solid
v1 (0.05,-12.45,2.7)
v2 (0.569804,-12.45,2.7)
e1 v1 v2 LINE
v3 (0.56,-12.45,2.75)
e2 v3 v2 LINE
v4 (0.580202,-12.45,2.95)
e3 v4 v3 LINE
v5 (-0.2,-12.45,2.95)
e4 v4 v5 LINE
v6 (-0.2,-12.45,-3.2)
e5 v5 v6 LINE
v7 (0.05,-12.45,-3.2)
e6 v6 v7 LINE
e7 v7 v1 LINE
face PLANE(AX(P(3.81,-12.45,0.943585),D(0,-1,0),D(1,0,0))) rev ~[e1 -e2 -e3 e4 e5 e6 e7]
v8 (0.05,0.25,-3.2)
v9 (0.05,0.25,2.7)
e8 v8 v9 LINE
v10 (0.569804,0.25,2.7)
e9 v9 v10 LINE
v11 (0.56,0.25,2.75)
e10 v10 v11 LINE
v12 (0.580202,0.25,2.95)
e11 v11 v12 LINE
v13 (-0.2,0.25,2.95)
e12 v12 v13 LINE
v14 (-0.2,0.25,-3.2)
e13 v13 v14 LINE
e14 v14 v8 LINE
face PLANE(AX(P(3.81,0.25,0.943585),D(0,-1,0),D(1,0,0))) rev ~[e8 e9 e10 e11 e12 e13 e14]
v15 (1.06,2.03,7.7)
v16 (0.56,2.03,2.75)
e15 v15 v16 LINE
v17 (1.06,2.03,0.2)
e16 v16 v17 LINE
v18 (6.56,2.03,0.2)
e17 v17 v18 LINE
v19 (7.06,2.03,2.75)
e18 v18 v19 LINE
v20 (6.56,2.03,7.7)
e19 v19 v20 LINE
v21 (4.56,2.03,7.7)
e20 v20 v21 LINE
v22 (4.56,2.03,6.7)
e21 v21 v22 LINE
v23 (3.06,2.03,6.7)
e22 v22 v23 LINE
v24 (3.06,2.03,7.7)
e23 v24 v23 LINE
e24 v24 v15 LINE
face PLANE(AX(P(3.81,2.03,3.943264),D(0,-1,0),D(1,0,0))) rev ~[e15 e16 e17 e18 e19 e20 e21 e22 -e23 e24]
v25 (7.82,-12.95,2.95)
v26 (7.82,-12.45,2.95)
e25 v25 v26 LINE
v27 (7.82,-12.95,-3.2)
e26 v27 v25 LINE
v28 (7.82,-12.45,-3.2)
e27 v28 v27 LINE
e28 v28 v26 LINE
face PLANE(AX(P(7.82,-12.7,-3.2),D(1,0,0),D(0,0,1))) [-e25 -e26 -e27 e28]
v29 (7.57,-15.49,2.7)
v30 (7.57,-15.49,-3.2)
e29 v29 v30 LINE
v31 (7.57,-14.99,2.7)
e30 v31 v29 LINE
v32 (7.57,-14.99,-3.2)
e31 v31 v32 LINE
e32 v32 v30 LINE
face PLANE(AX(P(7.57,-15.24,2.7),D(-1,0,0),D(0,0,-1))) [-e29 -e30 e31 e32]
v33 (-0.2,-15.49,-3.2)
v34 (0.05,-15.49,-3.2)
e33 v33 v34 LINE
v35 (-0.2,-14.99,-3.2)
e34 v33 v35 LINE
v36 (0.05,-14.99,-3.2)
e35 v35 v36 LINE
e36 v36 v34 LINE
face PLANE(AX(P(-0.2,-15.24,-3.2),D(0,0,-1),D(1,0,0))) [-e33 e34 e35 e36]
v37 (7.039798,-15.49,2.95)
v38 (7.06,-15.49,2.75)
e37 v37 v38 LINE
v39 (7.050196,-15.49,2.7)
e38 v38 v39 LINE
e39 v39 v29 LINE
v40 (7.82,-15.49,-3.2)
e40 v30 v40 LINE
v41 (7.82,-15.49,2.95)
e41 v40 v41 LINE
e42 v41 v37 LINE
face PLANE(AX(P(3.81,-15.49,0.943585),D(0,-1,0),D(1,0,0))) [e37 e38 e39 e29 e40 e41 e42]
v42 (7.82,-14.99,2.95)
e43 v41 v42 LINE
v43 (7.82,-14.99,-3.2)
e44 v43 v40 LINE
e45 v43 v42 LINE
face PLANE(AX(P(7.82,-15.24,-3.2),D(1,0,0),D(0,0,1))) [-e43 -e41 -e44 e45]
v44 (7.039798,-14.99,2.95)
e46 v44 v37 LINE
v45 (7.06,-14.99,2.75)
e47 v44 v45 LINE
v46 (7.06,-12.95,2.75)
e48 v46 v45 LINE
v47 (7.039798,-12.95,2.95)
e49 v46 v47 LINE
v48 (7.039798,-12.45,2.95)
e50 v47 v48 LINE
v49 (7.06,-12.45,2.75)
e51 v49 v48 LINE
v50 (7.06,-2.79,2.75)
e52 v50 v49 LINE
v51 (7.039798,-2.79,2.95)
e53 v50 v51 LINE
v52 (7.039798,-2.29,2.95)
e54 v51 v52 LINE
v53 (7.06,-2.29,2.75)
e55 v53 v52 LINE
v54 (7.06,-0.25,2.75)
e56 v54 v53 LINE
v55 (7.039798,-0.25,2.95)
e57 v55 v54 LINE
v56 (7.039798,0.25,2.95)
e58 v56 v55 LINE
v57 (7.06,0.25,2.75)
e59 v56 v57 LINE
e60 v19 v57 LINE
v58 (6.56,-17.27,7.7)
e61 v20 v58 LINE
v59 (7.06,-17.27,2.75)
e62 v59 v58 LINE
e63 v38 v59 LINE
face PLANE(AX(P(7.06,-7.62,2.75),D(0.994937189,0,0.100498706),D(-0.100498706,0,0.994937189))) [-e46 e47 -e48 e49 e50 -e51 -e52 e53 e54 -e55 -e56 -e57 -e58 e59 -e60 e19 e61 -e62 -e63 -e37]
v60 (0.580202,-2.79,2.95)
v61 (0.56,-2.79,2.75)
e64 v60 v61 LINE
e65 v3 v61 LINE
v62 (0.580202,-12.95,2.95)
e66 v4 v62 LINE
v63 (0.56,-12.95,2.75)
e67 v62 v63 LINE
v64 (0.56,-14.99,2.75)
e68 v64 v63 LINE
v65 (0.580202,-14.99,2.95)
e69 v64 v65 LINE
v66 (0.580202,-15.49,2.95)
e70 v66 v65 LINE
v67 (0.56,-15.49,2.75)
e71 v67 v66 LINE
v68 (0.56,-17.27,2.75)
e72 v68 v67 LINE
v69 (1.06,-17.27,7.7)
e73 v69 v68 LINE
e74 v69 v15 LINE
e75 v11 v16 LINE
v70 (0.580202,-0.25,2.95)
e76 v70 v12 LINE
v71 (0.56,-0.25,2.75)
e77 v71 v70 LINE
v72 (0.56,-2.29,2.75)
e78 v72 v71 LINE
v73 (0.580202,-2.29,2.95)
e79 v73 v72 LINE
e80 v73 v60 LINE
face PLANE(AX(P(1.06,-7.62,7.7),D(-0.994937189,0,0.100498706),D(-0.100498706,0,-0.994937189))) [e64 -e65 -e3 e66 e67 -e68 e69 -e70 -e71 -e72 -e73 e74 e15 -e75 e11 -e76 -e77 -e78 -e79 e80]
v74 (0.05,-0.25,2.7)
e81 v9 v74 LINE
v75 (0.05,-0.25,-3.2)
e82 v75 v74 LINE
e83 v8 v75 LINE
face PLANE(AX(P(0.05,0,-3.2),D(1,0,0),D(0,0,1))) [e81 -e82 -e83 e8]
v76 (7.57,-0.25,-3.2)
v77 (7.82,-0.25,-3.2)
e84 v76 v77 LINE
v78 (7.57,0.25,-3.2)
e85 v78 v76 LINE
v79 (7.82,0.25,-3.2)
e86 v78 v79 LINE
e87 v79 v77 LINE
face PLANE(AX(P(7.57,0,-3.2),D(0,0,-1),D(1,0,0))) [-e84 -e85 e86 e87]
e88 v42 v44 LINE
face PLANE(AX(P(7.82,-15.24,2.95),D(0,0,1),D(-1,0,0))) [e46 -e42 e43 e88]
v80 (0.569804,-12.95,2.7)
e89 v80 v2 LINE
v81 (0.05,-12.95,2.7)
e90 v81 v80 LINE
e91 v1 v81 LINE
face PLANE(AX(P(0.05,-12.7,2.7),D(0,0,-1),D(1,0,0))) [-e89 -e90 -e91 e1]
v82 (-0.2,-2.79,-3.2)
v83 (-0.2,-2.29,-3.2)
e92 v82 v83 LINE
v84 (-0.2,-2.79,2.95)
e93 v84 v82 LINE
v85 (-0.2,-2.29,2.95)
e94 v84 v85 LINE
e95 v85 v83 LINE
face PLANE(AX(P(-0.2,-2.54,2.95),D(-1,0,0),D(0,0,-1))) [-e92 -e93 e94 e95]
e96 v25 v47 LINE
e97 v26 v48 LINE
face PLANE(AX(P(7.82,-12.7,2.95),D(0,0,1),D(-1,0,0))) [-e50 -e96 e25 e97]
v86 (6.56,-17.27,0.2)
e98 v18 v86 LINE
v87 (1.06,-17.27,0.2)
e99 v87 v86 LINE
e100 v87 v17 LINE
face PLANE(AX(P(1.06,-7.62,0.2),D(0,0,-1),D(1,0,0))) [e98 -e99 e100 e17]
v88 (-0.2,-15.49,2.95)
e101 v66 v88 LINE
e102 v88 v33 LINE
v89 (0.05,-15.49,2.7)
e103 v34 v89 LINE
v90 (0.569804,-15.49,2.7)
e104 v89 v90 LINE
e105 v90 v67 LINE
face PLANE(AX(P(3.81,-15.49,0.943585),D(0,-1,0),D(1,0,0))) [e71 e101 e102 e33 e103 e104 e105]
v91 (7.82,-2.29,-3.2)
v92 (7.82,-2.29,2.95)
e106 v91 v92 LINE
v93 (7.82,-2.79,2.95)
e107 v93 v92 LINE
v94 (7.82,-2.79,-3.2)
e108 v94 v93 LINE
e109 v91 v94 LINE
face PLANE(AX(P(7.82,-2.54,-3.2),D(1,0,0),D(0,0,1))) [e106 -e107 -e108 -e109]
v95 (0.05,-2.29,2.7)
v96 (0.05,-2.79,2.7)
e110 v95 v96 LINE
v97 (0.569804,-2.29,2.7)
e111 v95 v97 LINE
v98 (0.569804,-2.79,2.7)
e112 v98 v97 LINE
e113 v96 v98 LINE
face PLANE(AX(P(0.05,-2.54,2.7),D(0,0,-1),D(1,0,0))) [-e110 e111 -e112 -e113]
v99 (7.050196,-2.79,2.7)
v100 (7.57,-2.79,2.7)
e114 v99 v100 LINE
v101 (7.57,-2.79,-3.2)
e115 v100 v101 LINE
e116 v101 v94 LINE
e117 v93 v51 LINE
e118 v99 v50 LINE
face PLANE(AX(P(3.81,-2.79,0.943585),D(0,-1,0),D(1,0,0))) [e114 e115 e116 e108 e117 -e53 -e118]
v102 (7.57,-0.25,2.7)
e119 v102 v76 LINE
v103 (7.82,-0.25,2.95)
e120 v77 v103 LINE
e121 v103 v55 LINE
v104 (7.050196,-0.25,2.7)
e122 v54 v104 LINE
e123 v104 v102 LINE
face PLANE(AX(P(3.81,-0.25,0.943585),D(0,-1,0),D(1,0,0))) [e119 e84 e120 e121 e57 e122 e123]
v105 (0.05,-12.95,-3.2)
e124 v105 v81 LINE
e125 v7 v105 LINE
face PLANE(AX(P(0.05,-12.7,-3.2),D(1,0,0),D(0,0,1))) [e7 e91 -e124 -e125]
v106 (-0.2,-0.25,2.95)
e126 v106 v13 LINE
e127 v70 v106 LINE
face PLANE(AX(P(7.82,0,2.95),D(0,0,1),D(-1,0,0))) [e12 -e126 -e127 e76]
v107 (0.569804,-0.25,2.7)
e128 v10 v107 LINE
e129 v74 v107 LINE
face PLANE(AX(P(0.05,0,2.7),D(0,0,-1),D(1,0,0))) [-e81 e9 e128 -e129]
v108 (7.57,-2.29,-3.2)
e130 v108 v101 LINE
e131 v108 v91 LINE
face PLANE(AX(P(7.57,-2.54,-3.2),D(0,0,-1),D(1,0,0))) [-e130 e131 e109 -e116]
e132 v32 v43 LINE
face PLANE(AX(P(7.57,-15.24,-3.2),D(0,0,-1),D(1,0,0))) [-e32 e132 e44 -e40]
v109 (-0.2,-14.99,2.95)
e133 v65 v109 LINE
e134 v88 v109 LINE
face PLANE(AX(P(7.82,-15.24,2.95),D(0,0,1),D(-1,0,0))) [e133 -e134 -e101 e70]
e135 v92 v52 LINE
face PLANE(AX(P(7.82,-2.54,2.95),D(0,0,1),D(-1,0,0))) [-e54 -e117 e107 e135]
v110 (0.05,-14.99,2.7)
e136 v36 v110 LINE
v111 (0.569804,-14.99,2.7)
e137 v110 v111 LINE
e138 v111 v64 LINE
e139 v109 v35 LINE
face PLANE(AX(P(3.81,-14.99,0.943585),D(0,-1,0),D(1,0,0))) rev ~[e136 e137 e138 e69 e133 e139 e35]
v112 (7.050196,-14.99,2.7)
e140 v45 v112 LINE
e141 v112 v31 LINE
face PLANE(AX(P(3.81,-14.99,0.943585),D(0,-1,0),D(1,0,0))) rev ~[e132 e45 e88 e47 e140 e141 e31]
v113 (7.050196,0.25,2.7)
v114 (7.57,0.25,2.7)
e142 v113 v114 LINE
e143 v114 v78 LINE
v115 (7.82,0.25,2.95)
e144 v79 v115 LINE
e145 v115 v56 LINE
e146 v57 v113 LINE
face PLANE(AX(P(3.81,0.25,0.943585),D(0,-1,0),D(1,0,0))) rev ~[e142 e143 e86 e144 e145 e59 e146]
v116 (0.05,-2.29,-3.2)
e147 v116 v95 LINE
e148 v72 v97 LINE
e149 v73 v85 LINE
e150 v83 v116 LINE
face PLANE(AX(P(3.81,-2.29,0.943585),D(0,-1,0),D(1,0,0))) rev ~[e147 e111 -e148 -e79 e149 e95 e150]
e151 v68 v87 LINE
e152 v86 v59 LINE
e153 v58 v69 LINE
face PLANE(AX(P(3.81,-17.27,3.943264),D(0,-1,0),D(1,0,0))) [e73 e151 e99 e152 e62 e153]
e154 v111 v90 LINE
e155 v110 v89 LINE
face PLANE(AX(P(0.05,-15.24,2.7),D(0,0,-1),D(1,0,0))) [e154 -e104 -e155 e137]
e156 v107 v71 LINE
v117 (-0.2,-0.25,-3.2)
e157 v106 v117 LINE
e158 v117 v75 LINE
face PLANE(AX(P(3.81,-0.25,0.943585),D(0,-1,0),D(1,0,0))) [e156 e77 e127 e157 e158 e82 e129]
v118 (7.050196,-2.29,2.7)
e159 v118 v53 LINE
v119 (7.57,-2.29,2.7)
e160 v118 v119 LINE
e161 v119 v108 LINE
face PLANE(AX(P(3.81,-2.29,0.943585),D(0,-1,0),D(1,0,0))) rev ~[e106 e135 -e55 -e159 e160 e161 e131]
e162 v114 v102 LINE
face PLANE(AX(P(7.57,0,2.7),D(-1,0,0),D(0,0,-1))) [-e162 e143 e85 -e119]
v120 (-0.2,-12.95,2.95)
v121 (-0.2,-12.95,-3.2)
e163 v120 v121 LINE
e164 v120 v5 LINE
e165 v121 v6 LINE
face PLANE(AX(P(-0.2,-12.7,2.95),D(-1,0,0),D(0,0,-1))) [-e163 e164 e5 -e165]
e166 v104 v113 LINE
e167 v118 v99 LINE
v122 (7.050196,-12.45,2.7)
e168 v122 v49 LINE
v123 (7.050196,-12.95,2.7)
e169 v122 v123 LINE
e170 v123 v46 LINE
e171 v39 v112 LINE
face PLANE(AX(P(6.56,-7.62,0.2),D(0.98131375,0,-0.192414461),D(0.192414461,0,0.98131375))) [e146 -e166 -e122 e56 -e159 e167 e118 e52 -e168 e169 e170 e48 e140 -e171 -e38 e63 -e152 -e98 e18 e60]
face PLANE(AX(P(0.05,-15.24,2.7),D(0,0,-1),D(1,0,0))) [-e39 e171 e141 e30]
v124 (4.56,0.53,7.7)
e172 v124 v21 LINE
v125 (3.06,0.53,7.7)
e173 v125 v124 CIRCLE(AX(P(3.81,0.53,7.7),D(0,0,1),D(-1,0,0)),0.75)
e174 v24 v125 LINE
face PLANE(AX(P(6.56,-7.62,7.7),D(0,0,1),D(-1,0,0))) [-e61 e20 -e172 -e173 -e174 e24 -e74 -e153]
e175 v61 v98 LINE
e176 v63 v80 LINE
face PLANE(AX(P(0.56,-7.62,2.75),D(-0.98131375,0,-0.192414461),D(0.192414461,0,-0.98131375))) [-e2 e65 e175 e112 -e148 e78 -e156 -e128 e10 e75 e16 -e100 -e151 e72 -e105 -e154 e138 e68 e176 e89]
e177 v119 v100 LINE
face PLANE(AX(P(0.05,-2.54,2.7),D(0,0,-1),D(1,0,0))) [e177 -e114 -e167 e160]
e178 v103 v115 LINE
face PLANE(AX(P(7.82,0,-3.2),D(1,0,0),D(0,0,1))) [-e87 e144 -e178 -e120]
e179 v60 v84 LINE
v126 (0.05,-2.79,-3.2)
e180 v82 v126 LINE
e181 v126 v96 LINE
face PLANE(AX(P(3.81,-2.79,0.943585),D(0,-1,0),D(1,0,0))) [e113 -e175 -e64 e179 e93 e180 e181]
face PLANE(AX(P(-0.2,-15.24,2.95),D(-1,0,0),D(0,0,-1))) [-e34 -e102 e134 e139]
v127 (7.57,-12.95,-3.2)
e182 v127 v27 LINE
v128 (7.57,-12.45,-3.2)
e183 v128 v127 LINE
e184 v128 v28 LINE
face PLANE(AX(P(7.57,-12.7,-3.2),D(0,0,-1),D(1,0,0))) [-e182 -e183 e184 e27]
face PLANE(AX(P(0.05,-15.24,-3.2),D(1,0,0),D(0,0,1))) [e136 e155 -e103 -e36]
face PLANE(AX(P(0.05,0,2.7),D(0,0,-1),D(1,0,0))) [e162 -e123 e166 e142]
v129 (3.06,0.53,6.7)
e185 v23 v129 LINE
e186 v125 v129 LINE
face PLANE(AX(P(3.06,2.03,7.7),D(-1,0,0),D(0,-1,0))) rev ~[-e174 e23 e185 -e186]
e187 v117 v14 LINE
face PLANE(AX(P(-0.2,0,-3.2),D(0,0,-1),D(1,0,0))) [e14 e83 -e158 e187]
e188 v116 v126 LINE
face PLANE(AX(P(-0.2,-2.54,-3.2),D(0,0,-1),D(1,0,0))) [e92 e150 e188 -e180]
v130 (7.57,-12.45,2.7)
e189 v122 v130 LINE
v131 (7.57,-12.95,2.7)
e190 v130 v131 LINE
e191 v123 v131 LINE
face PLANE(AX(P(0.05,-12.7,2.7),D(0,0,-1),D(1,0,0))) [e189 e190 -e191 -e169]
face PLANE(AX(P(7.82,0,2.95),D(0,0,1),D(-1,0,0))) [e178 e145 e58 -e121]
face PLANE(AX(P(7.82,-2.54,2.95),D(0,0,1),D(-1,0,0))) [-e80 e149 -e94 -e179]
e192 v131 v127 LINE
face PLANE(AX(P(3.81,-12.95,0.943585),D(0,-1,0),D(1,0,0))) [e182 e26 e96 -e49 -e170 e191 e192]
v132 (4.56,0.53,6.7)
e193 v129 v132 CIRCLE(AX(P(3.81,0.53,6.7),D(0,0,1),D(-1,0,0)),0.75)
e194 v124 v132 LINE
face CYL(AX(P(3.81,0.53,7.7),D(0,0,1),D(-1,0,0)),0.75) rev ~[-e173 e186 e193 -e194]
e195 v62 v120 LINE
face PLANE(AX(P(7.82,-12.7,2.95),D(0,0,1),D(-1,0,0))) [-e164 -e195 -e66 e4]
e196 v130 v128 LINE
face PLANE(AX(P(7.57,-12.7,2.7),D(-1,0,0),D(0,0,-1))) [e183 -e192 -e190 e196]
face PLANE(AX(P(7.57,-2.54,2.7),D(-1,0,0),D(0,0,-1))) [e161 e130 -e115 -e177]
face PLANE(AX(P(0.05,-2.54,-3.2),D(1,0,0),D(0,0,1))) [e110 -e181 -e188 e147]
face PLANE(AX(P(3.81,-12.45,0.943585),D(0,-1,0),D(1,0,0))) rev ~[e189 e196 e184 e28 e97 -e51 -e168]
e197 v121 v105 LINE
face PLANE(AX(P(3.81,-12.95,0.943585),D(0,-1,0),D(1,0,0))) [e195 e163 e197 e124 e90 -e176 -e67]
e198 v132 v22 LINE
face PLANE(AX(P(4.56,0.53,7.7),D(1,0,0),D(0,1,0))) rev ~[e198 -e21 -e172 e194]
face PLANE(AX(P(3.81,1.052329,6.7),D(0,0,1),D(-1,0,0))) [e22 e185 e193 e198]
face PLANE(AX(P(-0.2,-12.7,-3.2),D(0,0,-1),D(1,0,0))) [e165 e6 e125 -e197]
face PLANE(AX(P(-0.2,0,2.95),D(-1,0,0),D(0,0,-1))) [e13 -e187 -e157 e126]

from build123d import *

# Parameters (mm, degrees)
PAD003_DEPTH = 0.25
PAD_DEPTH    = 9.65
POCKET_DEPTH = 1
PAD002_DEPTH = 0.25
PAD001_DEPTH = 0.25
PAD004_DEPTH = 0.25


with BuildPart() as pad003:
    # Sketch004 → Pad003 (new body, symmetric)
    with BuildSketch(Plane.XZ.offset(2.54)):
        Polygon((-0.2, -3.2), (0.05, -3.2), (0.05, 2.7), (7.57, 2.7), (7.57, -3.2), (7.82, -3.2), (7.82, 2.95), (-0.2, 2.95), align=None)
    extrude(amount=PAD003_DEPTH, both=True)


with BuildPart() as pocket:
    # Sketch → Pad (new body, symmetric)
    with BuildSketch(Plane.XZ.offset(7.62)):
        Polygon((1.06, 0.2), (6.56, 0.2), (7.06, 2.75), (6.56, 7.7), (1.06, 7.7), (0.56, 2.75), align=None)
    extrude(amount=PAD_DEPTH, both=True)

    # Sketch003 → Pocket (cut)
    with BuildSketch(Plane(origin=(0, -7.62, 7.7), x_dir=(-1, 0, 0), z_dir=(0, 0, 1))):
        with BuildLine():
            ThreePointArc((-3.06, -8.15), (-3.81, -7.4), (-4.56, -8.15))
            Line((-4.56, -8.15), (-4.56, -9.65))
            Line((-4.56, -9.65), (-3.06, -9.65))
            Line((-3.06, -9.65), (-3.06, -8.15))
        make_face()
    extrude(amount=-POCKET_DEPTH, mode=Mode.SUBTRACT)


with BuildPart() as pad002:
    # Sketch002 → Pad002 (new body, symmetric)
    with BuildSketch(Plane.XZ.offset(15.24)):
        Polygon((-0.2, -3.2), (0.05, -3.2), (0.05, 2.7), (7.57, 2.7), (7.57, -3.2), (7.82, -3.2), (7.82, 2.95), (-0.2, 2.95), align=None)
    extrude(amount=PAD002_DEPTH, both=True)


with BuildPart() as pad001:
    # Sketch001 → Pad001 (new body, symmetric)
    with BuildSketch(Plane.XZ):
        Polygon((-0.2, -3.2), (0.05, -3.2), (0.05, 2.7), (7.57, 2.7), (7.57, -3.2), (7.82, -3.2), (7.82, 2.95), (-0.2, 2.95), align=None)
    extrude(amount=PAD001_DEPTH, both=True)


with BuildPart() as relay_standexmeder_dip_highprofile:
    # Sketch005 → Pad004 (new body, symmetric)
    with BuildSketch(Plane.XZ.offset(12.7)):
        Polygon((-0.2, -3.2), (0.05, -3.2), (0.05, 2.7), (7.57, 2.7), (7.57, -3.2), (7.82, -3.2), (7.82, 2.95), (-0.2, 2.95), align=None)
    extrude(amount=PAD004_DEPTH, both=True)

    # Pad004_mp_cp: union Pad003, Pocket, Pad002, Pad001
    add(pad003.part)
    add(pocket.part)
    add(pad002.part)
    add(pad001.part)


solid = relay_standexmeder_dip_highprofile.part
